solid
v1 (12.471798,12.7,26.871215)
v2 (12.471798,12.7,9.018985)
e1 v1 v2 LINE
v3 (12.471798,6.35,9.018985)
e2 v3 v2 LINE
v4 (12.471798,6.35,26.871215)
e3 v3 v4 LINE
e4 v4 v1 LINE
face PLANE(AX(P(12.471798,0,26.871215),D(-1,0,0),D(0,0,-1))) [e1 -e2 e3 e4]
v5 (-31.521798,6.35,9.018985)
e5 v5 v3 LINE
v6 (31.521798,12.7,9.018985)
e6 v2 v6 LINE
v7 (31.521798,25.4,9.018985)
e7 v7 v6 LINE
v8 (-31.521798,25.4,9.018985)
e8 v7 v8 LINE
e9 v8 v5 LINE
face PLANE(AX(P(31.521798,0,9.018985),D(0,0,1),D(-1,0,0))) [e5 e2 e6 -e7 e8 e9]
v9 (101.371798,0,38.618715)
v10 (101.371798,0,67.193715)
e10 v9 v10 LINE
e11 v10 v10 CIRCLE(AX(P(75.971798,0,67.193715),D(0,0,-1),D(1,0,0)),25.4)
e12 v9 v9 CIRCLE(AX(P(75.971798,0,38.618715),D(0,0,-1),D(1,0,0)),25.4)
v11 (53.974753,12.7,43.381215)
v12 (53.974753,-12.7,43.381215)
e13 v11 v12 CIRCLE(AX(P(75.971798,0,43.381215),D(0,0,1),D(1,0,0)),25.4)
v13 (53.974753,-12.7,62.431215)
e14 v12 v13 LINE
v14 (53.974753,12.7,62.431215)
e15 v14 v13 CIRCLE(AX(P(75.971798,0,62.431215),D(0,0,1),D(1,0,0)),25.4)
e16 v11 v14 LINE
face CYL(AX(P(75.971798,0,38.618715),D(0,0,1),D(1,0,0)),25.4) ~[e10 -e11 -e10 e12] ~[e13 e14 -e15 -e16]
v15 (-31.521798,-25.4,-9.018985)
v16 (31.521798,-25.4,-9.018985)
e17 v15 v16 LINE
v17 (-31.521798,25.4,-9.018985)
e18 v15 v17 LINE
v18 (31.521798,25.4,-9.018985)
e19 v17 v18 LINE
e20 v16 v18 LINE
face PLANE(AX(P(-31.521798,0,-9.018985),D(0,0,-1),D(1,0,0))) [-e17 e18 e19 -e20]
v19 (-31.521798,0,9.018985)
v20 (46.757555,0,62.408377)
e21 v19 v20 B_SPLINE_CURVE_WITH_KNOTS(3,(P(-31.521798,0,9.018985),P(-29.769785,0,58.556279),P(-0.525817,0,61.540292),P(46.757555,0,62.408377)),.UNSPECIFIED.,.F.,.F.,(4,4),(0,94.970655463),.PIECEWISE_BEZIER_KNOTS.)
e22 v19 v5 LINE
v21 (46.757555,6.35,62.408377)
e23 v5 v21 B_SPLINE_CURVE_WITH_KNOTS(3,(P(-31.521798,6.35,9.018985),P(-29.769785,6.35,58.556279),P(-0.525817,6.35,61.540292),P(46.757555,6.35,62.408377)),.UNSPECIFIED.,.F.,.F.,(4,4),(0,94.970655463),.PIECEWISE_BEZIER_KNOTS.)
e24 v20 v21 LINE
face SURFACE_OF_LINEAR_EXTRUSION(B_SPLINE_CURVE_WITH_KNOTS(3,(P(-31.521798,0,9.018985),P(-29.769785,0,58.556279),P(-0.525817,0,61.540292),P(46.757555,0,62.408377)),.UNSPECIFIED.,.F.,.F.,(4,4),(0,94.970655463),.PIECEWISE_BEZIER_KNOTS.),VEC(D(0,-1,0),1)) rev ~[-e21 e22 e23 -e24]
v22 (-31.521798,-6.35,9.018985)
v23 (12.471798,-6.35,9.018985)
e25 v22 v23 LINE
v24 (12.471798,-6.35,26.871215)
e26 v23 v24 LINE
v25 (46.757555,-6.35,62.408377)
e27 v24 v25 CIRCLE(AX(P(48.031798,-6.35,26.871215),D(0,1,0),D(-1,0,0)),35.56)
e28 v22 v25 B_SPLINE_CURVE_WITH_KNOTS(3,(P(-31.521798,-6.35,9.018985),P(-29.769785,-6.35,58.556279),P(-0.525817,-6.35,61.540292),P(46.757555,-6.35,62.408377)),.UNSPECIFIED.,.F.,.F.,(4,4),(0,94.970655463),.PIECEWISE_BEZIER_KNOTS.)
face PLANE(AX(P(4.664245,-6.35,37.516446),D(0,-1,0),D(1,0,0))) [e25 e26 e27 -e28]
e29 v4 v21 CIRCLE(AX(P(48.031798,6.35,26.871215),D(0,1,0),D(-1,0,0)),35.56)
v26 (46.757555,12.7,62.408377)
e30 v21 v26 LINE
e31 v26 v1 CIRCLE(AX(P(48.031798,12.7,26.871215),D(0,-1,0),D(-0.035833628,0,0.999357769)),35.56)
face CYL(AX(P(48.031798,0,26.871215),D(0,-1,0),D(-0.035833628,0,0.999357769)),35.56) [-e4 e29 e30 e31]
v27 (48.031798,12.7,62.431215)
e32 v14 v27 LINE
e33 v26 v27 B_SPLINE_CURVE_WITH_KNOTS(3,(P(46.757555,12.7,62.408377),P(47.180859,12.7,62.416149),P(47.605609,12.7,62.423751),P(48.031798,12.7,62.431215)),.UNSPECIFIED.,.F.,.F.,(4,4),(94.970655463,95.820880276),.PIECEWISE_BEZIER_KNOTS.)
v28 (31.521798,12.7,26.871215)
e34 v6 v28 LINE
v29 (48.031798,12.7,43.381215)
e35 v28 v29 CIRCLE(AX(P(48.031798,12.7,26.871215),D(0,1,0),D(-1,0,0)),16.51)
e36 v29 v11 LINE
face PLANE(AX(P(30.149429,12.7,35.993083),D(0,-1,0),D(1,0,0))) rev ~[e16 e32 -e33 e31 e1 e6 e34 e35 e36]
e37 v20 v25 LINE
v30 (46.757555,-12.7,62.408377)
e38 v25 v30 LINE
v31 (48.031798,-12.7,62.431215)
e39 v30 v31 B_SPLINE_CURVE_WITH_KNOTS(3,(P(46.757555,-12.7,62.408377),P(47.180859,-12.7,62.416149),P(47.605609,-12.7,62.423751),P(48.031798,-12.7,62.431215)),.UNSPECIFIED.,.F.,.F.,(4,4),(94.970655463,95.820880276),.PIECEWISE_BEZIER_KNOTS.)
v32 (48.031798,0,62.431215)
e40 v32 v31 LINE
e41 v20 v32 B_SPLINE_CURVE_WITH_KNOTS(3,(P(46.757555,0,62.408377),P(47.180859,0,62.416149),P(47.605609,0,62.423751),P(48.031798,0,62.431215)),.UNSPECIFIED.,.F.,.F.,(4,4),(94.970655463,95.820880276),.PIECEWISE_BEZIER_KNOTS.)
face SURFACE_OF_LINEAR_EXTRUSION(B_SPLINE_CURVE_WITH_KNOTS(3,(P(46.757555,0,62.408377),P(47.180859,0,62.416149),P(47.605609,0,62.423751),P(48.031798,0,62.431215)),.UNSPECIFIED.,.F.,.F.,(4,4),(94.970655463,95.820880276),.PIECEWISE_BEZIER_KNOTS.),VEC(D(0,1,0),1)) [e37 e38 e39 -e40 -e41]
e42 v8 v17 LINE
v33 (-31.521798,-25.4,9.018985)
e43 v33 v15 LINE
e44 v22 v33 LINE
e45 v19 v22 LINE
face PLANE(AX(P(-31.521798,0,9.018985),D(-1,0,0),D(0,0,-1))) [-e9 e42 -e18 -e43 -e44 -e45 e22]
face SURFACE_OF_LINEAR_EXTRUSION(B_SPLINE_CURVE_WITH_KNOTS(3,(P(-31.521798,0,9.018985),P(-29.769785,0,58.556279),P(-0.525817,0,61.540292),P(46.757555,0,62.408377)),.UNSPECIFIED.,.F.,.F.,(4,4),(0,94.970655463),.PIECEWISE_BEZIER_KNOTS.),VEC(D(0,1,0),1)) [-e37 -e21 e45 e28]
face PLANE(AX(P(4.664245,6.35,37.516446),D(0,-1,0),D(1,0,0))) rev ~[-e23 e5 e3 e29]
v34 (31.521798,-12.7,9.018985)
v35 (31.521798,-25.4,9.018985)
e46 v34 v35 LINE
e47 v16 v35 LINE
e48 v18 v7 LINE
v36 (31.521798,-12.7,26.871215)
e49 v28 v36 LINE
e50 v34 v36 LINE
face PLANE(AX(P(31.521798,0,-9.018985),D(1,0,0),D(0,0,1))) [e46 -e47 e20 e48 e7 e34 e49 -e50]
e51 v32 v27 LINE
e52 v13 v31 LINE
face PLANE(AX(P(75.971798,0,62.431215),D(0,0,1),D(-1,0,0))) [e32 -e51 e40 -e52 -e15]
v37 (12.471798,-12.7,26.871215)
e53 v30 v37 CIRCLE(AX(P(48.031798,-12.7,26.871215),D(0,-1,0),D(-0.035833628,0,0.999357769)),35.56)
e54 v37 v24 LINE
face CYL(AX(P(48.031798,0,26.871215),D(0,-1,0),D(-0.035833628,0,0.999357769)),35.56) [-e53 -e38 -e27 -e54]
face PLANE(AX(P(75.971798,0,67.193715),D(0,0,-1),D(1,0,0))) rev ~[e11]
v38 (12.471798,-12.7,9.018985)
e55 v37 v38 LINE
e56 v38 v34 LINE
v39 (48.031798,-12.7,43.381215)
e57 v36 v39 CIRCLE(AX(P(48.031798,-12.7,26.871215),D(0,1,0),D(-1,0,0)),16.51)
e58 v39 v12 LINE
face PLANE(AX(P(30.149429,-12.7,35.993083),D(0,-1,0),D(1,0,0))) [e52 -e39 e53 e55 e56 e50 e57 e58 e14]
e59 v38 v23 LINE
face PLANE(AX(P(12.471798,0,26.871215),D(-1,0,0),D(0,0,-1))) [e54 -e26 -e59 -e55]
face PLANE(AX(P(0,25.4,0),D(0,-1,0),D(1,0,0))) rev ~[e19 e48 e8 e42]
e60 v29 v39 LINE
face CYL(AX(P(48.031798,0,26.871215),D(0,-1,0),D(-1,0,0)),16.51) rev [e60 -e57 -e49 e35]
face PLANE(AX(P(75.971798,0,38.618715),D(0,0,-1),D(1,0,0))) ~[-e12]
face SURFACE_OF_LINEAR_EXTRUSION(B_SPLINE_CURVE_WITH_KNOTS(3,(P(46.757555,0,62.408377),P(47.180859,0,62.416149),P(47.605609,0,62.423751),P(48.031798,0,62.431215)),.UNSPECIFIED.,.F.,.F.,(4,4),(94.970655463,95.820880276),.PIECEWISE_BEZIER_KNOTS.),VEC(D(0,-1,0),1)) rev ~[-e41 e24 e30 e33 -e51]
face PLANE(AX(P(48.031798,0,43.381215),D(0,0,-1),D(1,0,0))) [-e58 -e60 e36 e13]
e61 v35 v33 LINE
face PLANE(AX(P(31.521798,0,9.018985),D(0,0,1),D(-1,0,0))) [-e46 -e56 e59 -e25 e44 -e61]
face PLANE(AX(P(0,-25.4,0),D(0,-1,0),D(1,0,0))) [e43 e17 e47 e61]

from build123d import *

# Parameters (mm, degrees)
F1_DEPTH = 25.4
F0_W     = 25.4
F0_H     = 19.05
F2_DEPTH = 12.7
F4_DEPTH = 6.35


with BuildPart() as f1:
    # F0 (on Front) → F1 (new body, symmetric)
    with BuildSketch(Plane.XZ):
        Polygon((31.5217984643, -9.0189850047), (31.5217984643, 9.0189850047), (12.4717984643, 9.0189850047), (-31.5217984643, 9.0189850047), (-31.5217984643, -9.0189850047), align=None)
    extrude(amount=F1_DEPTH, both=True)

    # F0 (on Front) → F2 (join, symmetric)
    with BuildSketch(Plane.XZ):
        with BuildLine():
            Line((12.4717984643, 9.0189850047), (31.5217984643, 9.0189850047))
            Line((31.5217984643, 9.0189850047), (31.5217984643, 26.8712149953))
            ThreePointArc((31.5217984643, 26.8712149953), (36.3574655069, 38.5455479527), (48.0317984643, 43.3812149953))
            Line((48.0317984643, 43.3812149953), (50.5717984643, 43.3812149953))
            Line((50.5717984643, 43.3812149953), (50.5717984643, 62.4312149953))
            Line((50.5717984643, 62.4312149953), (48.0317984643, 62.4312149953))
            add(Edge.make_bspline(
                [(46.7575546459, 62.4083772721), (47.1808590375, 62.4161488041), (47.6056092378, 62.4237507503), (48.0317984643, 62.4312149953)],
                knots=[94.9706554632, 94.9706554632, 94.9706554632, 94.9706554632, 95.8208802759, 95.8208802759, 95.8208802759, 95.8208802759], degree=3))
            ThreePointArc((46.7575546459, 62.4083772721), (22.4405332535, 51.5613090597), (12.4717984643, 26.8712149953))
            Line((12.4717984643, 26.8712149953), (12.4717984643, 9.0189850047))
        make_face()
        with Locations((63.2717984643, 52.9062149953)):
            Rectangle(F0_W, F0_H)
    extrude(amount=F2_DEPTH, both=True)

    # F0 (on Front) → F3 (revolve)
    with BuildSketch(Plane.XZ):
        Polygon((75.9717984643, 62.4312149953), (75.9717984643, 43.3812149953), (75.9717984643, 38.6187149953), (101.3717984643, 38.6187149953), (101.3717984643, 67.1937149953), (75.9717984643, 67.1937149953), align=None)
    revolve(axis=Axis((75.9717984643, 0, 52.9062149953), (0, 0, -1)))

    # F0 (on Front) → F4 (join, symmetric)
    with BuildSketch(Plane.XZ):
        with BuildLine():
            Line((-31.5217984643, 9.0189850047), (12.4717984643, 9.0189850047))
            Line((12.4717984643, 9.0189850047), (12.4717984643, 26.8712149953))
            ThreePointArc((12.4717984643, 26.8712149953), (22.4405332535, 51.5613090597), (46.7575546459, 62.4083772721))
            add(Edge.make_bspline(
                [(-31.5217984643, 9.0189850047), (-29.7697852659, 58.5562793016), (-0.5258166747, 61.5402921774), (46.7575546459, 62.4083772721)],
                knots=[0, 0, 0, 0, 94.9706554632, 94.9706554632, 94.9706554632, 94.9706554632], degree=3))
        make_face()
    extrude(amount=F4_DEPTH, both=True)


solid = f1.part
